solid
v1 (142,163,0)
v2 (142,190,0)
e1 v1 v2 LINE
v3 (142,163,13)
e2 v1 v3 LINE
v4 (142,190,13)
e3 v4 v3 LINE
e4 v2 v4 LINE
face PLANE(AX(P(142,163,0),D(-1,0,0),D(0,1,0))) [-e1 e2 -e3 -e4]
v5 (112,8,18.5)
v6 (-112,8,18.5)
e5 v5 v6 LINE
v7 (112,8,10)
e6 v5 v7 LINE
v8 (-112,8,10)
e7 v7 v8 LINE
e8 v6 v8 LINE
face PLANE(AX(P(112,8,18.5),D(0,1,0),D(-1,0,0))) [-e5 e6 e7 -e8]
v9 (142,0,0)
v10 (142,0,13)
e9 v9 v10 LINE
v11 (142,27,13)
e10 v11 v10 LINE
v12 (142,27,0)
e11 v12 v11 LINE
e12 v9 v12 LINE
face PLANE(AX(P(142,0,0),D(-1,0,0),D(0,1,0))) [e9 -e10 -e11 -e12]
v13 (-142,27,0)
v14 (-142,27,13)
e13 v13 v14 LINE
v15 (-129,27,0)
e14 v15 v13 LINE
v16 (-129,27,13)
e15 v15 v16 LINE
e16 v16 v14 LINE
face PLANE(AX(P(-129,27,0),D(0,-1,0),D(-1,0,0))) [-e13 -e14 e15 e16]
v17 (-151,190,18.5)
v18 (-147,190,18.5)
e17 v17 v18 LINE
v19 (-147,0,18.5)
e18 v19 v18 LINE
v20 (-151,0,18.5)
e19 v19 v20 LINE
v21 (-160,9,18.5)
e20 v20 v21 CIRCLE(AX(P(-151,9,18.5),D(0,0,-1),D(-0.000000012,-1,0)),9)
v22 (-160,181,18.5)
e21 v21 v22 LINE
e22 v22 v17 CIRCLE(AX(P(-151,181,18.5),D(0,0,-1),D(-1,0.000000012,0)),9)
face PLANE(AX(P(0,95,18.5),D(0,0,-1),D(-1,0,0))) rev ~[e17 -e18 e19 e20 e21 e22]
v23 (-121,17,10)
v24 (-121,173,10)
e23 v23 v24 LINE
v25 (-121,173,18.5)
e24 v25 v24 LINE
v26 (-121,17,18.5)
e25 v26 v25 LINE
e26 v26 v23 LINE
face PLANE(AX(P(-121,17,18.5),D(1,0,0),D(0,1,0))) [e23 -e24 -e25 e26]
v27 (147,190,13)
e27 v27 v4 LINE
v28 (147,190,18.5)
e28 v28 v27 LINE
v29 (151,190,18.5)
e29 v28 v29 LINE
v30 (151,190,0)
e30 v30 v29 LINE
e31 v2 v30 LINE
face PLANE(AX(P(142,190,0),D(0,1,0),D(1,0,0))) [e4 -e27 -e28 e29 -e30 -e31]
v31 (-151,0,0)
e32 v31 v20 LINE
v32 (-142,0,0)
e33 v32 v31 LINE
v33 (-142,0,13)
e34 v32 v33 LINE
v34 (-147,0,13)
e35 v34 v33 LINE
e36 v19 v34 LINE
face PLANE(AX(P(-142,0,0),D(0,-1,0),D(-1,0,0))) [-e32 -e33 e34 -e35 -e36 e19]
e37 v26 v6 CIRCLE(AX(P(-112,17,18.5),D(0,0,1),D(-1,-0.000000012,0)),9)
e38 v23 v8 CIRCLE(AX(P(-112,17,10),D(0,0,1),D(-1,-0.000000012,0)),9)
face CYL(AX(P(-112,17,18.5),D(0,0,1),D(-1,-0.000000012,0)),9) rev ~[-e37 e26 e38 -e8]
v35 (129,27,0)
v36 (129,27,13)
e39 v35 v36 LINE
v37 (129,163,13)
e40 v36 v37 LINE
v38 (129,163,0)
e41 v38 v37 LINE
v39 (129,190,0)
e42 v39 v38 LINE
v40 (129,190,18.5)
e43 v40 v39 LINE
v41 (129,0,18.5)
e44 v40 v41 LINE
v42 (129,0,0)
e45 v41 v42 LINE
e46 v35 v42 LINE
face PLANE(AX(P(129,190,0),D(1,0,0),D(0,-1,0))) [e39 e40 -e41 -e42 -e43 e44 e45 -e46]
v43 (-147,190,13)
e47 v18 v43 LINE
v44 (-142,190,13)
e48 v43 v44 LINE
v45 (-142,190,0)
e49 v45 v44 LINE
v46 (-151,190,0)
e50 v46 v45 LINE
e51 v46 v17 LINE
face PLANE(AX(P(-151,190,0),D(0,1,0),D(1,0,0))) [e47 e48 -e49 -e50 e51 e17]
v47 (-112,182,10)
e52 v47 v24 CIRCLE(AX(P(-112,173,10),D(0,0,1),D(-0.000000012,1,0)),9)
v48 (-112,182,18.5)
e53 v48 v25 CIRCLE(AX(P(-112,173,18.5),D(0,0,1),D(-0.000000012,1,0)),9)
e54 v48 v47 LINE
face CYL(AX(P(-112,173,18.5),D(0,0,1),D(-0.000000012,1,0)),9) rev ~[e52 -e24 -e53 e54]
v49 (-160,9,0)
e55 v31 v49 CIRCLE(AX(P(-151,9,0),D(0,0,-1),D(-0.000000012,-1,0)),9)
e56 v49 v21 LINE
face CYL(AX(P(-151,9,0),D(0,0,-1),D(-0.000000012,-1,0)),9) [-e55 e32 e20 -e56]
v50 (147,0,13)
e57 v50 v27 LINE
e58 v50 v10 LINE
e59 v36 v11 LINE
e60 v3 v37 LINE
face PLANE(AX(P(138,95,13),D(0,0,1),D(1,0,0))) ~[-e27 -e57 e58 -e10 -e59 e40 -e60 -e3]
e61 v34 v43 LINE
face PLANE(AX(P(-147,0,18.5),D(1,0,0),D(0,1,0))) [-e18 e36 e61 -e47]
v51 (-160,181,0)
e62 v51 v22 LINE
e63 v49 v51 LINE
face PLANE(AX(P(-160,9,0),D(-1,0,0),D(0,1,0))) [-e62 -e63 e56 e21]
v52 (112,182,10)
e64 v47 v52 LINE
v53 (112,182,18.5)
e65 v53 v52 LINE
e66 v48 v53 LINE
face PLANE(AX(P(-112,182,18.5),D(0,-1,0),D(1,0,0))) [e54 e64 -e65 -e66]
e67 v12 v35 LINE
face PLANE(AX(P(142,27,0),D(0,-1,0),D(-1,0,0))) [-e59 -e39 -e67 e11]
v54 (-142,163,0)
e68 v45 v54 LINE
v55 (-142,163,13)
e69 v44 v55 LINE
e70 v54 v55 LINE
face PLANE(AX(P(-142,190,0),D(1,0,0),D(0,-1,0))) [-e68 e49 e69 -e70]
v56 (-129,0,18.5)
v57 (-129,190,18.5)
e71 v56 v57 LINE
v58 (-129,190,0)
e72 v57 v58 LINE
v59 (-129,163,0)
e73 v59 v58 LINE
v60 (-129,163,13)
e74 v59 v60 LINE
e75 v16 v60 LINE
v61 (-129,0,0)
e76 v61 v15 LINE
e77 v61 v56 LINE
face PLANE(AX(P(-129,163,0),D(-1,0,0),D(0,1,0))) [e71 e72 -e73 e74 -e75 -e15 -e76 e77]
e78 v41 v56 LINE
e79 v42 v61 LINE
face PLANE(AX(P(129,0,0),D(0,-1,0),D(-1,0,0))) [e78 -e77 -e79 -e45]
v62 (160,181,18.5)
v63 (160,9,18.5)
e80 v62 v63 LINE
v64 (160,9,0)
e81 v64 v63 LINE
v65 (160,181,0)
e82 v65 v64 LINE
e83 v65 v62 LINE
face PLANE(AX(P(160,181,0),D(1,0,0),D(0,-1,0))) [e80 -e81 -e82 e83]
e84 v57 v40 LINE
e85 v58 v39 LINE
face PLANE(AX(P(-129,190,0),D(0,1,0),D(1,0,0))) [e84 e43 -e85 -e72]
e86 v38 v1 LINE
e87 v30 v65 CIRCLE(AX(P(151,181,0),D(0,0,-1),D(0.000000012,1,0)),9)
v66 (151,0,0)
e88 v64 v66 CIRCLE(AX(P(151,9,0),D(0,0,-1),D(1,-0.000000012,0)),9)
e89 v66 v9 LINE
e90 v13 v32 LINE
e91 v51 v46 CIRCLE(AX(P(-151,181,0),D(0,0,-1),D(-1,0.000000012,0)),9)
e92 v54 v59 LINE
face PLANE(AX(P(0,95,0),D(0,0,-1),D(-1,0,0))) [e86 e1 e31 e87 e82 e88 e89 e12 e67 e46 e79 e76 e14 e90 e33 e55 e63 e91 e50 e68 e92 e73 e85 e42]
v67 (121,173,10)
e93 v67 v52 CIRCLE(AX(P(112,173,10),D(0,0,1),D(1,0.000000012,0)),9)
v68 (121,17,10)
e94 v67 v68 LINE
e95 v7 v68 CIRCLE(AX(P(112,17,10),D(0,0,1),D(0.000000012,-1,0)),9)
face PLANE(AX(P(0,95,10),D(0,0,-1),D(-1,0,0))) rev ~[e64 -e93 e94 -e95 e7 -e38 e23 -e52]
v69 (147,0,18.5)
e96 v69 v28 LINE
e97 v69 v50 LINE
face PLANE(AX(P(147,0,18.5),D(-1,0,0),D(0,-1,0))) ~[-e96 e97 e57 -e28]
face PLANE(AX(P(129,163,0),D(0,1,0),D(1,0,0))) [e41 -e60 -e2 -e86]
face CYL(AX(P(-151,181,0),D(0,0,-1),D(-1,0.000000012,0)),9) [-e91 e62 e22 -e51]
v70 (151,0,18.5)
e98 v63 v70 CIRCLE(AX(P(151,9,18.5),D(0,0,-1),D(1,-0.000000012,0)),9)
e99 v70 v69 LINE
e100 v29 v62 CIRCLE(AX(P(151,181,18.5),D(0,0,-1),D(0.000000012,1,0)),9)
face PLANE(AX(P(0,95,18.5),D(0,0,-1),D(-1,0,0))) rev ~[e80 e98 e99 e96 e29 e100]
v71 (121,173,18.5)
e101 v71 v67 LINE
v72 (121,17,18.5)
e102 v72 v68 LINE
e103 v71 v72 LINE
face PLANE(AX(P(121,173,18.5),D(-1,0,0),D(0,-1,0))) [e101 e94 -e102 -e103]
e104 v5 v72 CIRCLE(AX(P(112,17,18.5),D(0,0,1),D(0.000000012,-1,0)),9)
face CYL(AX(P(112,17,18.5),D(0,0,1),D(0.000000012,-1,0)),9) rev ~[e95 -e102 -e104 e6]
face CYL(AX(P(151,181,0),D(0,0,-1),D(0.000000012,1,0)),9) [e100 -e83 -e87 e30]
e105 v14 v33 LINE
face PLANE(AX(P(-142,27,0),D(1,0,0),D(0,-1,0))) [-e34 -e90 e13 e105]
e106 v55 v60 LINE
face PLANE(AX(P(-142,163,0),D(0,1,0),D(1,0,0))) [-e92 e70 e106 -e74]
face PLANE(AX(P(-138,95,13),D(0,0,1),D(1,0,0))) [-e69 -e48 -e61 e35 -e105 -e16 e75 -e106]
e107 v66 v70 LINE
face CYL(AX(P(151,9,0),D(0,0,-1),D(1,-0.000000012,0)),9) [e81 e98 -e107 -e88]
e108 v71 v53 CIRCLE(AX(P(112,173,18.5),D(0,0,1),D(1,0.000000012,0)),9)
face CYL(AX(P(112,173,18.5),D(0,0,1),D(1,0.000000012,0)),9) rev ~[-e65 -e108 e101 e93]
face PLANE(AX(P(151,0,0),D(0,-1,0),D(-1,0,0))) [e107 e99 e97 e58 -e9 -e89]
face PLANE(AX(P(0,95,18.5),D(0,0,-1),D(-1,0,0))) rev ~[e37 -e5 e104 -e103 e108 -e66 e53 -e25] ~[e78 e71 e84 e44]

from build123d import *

# Parameters (mm, degrees)
PAD003_DEPTH    = 18.5
SKETCH005_W     = 18
SKETCH005_H     = 190
POCKET_DEPTH    = 5.5
POCKET001_DEPTH = 8.5


with BuildPart() as part:
    # Clone2D002 → Pad003 (new body)
    with BuildSketch(Plane.XY):
        with BuildLine():
            Line((-151, 95), (-142, 95))
            Line((-142, 95), (-142, 68))
            Line((-142, 68), (-129, 68))
            Line((-129, 68), (-129, 95))
            Line((-129, 95), (129, 95))
            Line((129, 95), (129, 68))
            Line((129, 68), (142, 68))
            Line((142, 68), (142, 95))
            Line((142, 95), (151, 95))
            ThreePointArc((151, 95), (157.363961, 92.363961), (160, 86))
            Line((160, 86), (160, -86))
            ThreePointArc((160, -86), (157.363961, -92.363961), (151, -95))
            Line((151, -95), (142, -95))
            Line((142, -95), (142, -68))
            Line((142, -68), (129, -68))
            Line((129, -68), (129, -95))
            Line((129, -95), (-129, -95))
            Line((-129, -95), (-129, -68))
            Line((-129, -68), (-142, -68))
            Line((-142, -68), (-142, -95))
            Line((-142, -95), (-151, -95))
            ThreePointArc((-151, -95), (-157.363961, -92.363961), (-160, -86))
            Line((-160, -86), (-160, 86))
            ThreePointArc((-160, 86), (-157.363961, 92.363961), (-151, 95))
        make_face()
    extrude(amount=PAD003_DEPTH)

    # Sketch005 (on Face26 of Pad003) → Pocket (cut)
    with BuildSketch(Plane.XY.offset(18.5)):
        with Locations((-138, 0)):
            Rectangle(SKETCH005_W, SKETCH005_H)
    pocket = extrude(amount=-POCKET_DEPTH, mode=Mode.SUBTRACT)

    # Mirrored: Pocket across Sketch005 V_Axis
    add(pocket.mirror(Plane(origin=(0, 0, 18.5), x_dir=(0, 0, 1), z_dir=(1, 0, 0))), mode=Mode.SUBTRACT)

    # Sketch006 (on Face31 of Pocket) → Pocket001 (cut)
    with BuildSketch(Plane.XY.offset(18.5)):
        with BuildLine():
            Line((-112, 87), (112, 87))
            ThreePointArc((121, 78), (118.363961, 84.363961), (112, 87))
            Line((121, 78), (121, -78))
            ThreePointArc((112, -87), (118.363961, -84.363961), (121, -78))
            Line((112, -87), (-112, -87))
            ThreePointArc((-121, -78), (-118.363961, -84.363961), (-112, -87))
            Line((-121, -78), (-121, 78))
            ThreePointArc((-112, 87), (-118.363961, 84.363961), (-121, 78))
        make_face()
    pocket001 = extrude(amount=-POCKET001_DEPTH, mode=Mode.SUBTRACT)

    # Mirrored001: Pocket001 across Sketch006 V_Axis
    add(pocket001.mirror(Plane(origin=(0, 0, 18.5), x_dir=(0, 0, 1), z_dir=(1, 0, 0))), mode=Mode.SUBTRACT)


with BuildPart() as part_1:
    # Clone006 placement: moved
    add(part.part.moved(Location((0, 95, 0))))


solid = part_1.part
